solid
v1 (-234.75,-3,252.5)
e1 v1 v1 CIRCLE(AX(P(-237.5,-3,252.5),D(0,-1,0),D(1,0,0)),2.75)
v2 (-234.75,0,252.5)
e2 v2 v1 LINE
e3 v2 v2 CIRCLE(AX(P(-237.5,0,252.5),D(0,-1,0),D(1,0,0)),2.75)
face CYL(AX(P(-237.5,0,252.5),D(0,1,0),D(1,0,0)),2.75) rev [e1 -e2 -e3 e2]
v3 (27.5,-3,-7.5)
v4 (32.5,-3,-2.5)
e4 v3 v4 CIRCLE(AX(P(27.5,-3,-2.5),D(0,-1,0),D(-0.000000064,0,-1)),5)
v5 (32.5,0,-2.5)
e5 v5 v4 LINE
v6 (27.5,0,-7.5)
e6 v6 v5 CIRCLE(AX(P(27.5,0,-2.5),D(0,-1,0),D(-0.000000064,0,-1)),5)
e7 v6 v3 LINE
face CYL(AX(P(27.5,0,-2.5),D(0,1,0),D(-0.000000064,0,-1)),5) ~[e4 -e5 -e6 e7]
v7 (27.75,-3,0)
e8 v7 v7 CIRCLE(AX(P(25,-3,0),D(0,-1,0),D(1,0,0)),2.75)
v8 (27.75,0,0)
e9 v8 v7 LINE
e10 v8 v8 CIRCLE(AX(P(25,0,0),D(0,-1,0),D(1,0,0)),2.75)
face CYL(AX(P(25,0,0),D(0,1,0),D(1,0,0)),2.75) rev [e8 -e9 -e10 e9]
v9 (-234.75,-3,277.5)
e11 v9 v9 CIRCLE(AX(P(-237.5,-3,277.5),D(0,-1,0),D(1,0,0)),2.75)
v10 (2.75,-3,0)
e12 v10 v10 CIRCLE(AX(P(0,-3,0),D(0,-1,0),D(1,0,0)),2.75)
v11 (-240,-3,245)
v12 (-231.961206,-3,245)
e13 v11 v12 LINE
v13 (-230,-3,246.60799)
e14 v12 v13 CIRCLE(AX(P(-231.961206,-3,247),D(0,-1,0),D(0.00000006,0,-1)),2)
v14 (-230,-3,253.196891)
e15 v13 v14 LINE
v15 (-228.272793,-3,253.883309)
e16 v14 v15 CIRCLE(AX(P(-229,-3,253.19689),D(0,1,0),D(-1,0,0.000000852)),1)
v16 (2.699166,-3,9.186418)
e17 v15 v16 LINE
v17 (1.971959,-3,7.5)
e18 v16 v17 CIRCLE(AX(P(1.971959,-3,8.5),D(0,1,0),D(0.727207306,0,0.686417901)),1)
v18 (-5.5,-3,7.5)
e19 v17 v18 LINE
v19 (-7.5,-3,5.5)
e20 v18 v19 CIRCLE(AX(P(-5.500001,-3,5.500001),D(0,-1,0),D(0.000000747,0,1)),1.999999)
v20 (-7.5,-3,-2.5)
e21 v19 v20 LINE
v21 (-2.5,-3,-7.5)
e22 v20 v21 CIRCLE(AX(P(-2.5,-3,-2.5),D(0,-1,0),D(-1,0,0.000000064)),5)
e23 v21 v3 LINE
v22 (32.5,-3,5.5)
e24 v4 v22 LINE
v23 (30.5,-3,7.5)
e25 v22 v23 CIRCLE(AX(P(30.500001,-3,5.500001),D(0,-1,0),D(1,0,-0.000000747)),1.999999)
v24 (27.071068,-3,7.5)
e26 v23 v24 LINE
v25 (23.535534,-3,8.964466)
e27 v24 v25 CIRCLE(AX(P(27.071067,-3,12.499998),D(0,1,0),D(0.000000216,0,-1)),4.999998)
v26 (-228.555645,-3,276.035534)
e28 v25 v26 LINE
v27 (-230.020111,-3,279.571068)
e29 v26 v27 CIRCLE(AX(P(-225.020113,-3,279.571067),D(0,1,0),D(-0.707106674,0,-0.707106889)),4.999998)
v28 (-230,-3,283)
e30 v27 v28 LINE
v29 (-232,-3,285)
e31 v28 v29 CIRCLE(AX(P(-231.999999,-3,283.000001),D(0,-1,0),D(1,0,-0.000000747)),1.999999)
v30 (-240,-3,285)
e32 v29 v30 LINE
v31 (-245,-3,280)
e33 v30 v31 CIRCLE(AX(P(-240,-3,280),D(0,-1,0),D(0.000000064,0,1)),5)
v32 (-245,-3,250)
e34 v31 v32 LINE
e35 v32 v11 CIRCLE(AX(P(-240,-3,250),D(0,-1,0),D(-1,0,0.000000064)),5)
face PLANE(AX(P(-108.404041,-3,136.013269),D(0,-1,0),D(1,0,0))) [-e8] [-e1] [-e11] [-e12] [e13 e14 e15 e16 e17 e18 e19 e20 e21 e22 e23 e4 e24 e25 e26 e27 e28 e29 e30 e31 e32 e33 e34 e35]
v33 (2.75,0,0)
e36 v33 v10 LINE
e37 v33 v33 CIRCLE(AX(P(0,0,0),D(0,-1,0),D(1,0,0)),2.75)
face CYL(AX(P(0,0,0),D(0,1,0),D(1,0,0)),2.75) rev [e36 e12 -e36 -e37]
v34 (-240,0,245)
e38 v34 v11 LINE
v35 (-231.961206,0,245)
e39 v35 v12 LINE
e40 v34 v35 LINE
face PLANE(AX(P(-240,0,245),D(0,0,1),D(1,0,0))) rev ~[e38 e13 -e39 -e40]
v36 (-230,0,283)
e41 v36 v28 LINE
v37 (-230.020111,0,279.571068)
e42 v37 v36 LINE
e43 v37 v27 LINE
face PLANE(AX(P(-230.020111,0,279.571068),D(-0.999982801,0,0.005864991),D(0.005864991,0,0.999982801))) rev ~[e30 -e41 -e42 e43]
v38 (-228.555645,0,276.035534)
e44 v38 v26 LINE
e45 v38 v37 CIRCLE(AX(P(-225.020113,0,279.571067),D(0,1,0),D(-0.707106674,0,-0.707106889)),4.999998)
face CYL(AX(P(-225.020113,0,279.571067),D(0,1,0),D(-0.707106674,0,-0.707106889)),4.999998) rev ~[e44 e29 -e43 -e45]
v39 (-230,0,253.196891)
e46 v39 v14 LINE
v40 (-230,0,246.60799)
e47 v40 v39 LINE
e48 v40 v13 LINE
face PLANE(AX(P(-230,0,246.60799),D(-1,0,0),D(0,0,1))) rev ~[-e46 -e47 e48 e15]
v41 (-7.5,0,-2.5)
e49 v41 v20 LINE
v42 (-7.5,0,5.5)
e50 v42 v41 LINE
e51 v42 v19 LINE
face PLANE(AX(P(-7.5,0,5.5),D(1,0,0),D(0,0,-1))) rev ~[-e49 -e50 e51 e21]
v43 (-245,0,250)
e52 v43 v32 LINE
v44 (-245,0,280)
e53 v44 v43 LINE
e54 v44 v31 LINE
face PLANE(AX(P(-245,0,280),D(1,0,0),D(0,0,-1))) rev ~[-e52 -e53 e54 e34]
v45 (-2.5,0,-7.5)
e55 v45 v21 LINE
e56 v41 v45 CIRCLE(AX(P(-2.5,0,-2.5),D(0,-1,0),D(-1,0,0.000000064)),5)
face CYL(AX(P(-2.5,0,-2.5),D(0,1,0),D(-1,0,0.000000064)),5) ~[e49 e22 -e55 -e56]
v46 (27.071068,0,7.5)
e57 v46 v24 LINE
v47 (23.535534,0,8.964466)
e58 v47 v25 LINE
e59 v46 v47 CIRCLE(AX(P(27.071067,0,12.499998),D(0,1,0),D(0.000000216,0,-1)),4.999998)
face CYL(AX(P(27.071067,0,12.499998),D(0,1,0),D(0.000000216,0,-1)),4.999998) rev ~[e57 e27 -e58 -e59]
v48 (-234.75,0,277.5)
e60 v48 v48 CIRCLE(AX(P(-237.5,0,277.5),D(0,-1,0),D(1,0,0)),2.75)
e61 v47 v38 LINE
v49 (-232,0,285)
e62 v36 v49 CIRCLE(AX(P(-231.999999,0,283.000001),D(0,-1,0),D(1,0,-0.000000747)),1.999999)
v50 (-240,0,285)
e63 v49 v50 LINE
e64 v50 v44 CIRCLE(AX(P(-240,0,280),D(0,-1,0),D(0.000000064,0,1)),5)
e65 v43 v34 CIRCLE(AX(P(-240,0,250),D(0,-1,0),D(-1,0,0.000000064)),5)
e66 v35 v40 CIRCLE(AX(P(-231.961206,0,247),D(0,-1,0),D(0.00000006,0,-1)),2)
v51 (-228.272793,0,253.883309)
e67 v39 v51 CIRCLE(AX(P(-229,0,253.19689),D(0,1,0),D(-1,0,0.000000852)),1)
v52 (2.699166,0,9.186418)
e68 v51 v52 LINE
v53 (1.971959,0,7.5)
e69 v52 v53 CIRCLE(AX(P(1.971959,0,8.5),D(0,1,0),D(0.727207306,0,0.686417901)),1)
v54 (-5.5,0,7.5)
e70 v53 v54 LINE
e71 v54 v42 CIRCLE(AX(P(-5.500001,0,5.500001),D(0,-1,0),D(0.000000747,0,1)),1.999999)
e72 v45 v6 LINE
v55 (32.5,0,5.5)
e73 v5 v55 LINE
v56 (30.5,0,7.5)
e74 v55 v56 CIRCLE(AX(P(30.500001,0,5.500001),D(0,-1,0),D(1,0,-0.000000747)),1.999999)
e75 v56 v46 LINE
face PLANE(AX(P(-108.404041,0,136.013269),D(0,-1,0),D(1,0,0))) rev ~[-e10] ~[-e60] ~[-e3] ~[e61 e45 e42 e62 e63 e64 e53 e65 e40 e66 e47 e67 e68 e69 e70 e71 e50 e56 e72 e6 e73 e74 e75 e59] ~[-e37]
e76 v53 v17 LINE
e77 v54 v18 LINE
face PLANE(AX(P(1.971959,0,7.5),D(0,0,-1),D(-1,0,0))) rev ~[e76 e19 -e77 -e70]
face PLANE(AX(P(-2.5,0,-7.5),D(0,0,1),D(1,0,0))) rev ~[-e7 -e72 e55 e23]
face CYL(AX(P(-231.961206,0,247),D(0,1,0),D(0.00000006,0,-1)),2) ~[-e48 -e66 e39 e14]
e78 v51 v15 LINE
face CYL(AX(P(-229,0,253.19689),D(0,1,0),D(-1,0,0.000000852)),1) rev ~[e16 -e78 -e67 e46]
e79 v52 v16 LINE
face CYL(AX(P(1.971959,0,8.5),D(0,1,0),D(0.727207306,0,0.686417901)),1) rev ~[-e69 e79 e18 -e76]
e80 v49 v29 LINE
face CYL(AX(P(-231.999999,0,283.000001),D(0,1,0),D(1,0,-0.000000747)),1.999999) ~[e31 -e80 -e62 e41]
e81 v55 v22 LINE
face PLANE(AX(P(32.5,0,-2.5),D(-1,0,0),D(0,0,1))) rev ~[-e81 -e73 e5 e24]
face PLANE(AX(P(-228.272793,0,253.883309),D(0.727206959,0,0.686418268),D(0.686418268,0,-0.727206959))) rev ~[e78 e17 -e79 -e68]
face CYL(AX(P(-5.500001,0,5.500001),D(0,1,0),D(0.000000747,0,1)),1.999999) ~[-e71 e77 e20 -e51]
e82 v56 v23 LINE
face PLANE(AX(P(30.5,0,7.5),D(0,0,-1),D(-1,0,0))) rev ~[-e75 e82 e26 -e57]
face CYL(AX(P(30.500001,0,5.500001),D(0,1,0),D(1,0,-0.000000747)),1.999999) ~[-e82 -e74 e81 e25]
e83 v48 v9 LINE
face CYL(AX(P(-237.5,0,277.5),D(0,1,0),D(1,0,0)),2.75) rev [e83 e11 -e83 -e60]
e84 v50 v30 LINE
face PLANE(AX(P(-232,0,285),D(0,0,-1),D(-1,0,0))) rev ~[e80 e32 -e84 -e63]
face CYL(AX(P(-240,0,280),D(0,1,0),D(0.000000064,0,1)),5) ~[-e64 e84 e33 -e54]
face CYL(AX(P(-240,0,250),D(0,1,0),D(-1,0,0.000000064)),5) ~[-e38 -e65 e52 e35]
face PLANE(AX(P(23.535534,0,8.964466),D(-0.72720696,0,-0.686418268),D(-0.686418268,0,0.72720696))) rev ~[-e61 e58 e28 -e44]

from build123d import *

# Parameters (mm, degrees)
F0_R     = 2.75
F1_DEPTH = 3


with BuildPart() as f1:
    # F0 (on Front) → F1 (new body)
    with BuildSketch(Plane.XZ):
        with BuildLine():
            ThreePointArc((2.699166, 9.186418), (2.890223, 8.104032), (1.971959, 7.5))
            Line((1.971959, 7.5), (-5.5, 7.5))
            ThreePointArc((-5.5, 7.5), (-6.914214, 6.914214), (-7.5, 5.5))
            Line((-7.5, 5.5), (-7.5, -2.5))
            ThreePointArc((-7.5, -2.5), (-6.035534, -6.035534), (-2.5, -7.5))
            Line((-2.5, -7.5), (27.5, -7.5))
            ThreePointArc((27.5, -7.5), (31.035534, -6.035534), (32.5, -2.5))
            Line((32.5, -2.5), (32.5, 5.5))
            ThreePointArc((32.5, 5.5), (31.914214, 6.914214), (30.5, 7.5))
            Line((30.5, 7.5), (27.071068, 7.5))
            ThreePointArc((27.071068, 7.5), (25.157651, 7.880602), (23.535534, 8.964466))
            Line((23.535534, 8.964466), (-228.555645, 276.035534))
            ThreePointArc((-228.555645, 276.035534), (-229.639509, 277.657651), (-230.020111, 279.571068))
            Line((-230.020111, 279.571068), (-230, 283))
            ThreePointArc((-230, 283), (-230.585786, 284.414214), (-232, 285))
            Line((-232, 285), (-240, 285))
            ThreePointArc((-240, 285), (-243.535534, 283.535534), (-245, 280))
            Line((-245, 280), (-245, 250))
            ThreePointArc((-245, 250), (-243.535534, 246.464466), (-240, 245))
            Line((-240, 245), (-231.961206, 245))
            ThreePointArc((-231.961206, 245), (-230.69314, 245.453388), (-230, 246.60799))
            Line((-230, 246.60799), (-230, 253.196891))
            ThreePointArc((-230, 253.196891), (-229.369319, 254.126193), (-228.272793, 253.883309))
            Line((-228.272793, 253.883309), (2.699166, 9.186418))
        make_face()
        Circle(F0_R, mode=Mode.SUBTRACT)
        with Locations((25, 0)):
            Circle(F0_R, mode=Mode.SUBTRACT)
        with Locations((-237.5, 252.5)):
            Circle(F0_R, mode=Mode.SUBTRACT)
        with Locations((-237.5, 277.5)):
            Circle(F0_R, mode=Mode.SUBTRACT)
    extrude(amount=F1_DEPTH)


solid = f1.part
